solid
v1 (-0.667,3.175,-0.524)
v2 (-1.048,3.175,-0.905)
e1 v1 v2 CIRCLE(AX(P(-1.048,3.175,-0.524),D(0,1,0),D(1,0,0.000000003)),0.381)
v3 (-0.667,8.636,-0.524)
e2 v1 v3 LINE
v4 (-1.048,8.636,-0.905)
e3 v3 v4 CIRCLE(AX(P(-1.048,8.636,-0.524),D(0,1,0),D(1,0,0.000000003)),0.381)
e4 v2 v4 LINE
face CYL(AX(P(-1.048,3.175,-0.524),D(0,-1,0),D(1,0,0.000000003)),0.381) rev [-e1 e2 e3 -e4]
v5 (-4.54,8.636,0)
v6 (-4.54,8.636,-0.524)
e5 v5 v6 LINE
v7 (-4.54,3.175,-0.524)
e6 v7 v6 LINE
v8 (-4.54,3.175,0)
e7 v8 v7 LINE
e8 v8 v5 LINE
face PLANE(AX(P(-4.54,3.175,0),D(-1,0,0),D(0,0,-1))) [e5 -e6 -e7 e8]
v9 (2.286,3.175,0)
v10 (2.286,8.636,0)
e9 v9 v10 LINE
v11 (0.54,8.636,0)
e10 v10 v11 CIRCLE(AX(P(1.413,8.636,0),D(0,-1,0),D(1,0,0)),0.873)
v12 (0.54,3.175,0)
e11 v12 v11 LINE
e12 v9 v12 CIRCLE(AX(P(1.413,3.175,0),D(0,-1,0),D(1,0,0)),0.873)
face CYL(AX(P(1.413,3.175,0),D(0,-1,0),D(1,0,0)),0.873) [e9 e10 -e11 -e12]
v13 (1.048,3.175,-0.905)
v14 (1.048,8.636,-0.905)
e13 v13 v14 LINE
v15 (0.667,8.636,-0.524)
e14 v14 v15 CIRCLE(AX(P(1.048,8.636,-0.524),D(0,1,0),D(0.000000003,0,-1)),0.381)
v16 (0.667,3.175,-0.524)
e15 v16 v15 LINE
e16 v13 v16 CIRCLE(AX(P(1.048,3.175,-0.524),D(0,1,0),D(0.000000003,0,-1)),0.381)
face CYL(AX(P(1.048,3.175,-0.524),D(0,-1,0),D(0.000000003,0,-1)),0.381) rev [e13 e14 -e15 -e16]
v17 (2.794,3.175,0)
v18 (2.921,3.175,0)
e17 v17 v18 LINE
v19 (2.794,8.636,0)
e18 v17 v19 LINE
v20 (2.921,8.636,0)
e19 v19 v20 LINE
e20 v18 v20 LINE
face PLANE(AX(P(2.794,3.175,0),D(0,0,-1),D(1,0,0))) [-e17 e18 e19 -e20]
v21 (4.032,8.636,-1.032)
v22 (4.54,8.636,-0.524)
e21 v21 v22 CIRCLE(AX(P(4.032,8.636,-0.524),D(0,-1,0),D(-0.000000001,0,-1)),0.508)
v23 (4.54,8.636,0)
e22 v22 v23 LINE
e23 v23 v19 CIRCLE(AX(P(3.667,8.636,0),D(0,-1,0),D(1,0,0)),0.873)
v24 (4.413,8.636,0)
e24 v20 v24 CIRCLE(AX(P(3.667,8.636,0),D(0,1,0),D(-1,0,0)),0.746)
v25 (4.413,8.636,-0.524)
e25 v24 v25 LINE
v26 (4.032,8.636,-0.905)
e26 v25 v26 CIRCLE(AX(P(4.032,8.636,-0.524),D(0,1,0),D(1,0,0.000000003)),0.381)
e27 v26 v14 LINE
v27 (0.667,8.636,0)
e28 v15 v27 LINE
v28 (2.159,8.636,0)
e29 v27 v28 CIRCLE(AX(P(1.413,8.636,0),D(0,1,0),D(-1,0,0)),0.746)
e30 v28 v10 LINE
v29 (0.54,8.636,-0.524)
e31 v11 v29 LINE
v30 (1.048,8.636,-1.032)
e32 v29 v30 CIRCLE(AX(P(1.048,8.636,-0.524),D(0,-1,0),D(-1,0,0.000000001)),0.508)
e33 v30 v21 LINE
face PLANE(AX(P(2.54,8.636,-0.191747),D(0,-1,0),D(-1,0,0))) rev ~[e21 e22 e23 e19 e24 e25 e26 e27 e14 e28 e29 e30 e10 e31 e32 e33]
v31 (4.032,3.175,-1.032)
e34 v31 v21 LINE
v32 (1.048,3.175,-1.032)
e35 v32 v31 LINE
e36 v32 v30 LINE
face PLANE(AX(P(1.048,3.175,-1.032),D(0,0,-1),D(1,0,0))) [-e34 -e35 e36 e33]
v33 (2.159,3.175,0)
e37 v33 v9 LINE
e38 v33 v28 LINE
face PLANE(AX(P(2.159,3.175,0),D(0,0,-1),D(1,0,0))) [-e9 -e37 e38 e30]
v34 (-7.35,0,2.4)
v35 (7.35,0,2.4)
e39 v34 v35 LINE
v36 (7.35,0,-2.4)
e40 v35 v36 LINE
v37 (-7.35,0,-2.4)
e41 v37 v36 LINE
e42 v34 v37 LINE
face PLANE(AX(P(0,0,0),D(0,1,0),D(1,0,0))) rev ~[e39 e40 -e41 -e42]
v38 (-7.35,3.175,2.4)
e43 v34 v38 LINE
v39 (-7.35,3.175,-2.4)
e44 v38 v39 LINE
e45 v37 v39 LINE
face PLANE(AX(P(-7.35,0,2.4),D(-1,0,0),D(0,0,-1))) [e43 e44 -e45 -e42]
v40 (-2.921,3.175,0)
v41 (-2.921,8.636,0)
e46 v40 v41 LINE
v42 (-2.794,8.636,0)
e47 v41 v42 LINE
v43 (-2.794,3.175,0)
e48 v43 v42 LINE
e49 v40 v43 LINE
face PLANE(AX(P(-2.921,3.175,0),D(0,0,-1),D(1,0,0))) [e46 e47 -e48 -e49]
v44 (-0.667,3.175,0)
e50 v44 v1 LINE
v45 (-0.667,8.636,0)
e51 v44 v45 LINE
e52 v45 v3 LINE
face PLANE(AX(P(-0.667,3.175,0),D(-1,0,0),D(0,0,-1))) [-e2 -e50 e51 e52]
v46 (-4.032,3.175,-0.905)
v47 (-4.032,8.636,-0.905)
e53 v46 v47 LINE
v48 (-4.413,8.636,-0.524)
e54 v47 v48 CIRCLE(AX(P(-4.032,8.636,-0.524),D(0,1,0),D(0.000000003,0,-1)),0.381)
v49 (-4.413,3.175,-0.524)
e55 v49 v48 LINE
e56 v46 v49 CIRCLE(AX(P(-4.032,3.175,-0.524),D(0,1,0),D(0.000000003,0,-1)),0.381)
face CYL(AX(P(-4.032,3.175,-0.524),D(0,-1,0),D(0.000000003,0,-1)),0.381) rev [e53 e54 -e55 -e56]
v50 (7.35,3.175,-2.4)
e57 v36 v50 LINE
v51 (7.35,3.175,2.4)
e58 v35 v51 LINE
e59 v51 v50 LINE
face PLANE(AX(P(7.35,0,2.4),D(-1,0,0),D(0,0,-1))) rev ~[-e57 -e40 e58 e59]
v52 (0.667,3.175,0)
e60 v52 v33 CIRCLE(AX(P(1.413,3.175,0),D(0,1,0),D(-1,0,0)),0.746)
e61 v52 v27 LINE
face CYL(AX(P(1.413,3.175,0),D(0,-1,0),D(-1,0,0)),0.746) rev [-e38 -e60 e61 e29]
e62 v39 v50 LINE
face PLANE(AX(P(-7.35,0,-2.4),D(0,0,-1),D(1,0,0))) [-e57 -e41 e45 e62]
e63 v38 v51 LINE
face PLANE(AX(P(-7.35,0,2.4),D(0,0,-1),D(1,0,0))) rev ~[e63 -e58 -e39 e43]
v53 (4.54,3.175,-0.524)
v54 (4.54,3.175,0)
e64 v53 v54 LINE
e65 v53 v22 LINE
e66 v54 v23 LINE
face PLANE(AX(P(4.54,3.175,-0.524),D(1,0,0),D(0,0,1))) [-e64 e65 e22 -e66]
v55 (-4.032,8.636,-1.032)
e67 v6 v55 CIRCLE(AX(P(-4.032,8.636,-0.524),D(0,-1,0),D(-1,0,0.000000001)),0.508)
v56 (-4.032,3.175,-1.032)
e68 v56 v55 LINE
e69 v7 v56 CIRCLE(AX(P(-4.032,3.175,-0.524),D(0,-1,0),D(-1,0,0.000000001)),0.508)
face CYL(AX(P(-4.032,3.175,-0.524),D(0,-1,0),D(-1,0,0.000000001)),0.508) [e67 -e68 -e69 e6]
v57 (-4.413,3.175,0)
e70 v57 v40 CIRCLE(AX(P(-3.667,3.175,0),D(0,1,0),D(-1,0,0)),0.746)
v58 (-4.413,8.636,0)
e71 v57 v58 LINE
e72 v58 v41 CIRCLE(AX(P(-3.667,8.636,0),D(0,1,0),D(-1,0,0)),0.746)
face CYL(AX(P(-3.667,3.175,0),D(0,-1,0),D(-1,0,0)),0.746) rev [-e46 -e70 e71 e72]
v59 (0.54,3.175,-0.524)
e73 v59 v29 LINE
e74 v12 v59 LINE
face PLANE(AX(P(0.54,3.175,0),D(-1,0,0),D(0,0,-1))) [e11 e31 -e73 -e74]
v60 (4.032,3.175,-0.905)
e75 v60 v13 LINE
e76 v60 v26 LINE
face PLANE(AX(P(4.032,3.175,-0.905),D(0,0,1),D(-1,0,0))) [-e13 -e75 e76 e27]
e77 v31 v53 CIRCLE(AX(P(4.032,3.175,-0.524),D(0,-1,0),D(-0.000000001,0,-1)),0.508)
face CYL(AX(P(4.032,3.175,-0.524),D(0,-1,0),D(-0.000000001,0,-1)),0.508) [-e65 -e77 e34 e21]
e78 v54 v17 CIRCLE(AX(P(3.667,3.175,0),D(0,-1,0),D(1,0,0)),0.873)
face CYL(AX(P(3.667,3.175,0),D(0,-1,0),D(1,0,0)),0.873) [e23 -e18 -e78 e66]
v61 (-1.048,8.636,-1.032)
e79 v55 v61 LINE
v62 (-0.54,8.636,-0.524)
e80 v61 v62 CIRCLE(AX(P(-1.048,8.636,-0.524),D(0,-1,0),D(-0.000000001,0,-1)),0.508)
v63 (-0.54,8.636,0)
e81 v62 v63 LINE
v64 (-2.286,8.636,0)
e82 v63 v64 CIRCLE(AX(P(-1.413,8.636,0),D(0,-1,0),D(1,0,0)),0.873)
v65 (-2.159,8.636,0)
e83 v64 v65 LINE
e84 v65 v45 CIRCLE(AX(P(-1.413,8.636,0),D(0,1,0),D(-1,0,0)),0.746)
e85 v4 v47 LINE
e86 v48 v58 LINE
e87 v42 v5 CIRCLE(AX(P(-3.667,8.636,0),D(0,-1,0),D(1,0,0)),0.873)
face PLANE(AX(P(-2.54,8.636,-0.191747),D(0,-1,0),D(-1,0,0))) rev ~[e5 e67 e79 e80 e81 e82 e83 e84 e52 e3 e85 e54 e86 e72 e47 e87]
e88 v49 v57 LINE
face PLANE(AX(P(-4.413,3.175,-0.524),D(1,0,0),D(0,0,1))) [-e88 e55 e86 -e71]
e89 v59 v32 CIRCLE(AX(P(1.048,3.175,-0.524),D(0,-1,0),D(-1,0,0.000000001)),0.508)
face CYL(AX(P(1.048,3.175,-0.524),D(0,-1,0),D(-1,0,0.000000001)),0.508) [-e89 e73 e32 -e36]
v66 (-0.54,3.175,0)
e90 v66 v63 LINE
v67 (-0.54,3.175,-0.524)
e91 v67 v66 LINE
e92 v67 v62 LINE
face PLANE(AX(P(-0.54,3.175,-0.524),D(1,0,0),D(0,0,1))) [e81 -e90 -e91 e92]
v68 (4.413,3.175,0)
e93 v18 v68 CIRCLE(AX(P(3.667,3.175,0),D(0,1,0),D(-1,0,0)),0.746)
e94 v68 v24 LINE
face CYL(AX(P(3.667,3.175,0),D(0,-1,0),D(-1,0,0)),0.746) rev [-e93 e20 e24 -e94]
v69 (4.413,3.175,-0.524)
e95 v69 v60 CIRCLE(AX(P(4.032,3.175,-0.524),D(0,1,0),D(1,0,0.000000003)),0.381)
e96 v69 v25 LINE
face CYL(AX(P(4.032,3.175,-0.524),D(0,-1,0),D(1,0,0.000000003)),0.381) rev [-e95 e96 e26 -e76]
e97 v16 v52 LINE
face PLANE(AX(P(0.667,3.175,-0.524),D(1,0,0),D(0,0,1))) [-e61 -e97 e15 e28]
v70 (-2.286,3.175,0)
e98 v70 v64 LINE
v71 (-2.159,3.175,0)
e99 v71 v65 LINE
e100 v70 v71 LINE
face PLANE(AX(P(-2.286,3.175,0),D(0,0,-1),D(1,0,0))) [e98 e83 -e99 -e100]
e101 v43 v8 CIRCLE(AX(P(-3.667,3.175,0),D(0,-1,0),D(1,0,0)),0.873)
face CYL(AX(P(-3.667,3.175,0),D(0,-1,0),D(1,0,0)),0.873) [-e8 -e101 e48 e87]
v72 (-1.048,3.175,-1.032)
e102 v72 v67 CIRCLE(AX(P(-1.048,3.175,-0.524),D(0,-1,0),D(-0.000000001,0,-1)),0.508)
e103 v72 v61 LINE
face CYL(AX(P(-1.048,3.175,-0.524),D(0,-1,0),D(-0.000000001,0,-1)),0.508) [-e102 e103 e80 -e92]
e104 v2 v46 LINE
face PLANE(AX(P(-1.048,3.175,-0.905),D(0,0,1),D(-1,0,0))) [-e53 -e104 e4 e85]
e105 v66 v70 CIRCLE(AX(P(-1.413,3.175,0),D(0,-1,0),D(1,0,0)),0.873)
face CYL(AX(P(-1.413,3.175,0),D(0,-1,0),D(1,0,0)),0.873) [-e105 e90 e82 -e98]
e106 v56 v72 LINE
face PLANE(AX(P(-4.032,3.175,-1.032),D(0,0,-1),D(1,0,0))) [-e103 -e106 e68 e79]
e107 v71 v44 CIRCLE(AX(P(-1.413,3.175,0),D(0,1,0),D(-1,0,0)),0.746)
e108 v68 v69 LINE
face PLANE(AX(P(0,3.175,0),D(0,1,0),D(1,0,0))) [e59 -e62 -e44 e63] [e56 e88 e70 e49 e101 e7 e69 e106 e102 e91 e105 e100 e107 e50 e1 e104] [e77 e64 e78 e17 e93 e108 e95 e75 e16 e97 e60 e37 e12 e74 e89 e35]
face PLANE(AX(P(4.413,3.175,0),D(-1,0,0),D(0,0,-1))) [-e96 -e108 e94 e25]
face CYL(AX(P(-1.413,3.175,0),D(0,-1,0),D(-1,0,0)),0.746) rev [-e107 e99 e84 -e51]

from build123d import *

# Parameters (mm, degrees)
SKETCH1_W           = 14.7
SKETCH1_H           = 4.8
BOSS_EXTRUDE1_DEPTH = 3.175
BOSS_EXTRUDE2_DEPTH = 5.461


with BuildPart() as part:
    # Sketch1 → Boss-Extrude1 (new body)
    with BuildSketch(Plane(origin=(0, 0, 0), x_dir=(1, 0, 0), z_dir=(0, 1, 0))):
        Rectangle(SKETCH1_W, SKETCH1_H)
    extrude(amount=BOSS_EXTRUDE1_DEPTH)

    # Sketch2 → Boss-Extrude2 (add)
    with BuildSketch(Plane(origin=(0, 3.175, 0), x_dir=(1, 0, 0), z_dir=(0, 1, 0))):
        with BuildLine():
            Line((-4.032, 1.032), (-1.048, 1.032))
            ThreePointArc((-1.048, 1.032), (-0.688789755, 0.883210245), (-0.54, 0.524))
            Line((-0.54, 0.524), (-0.54, 0))
            ThreePointArc((-0.54, 0), (-1.413, -0.873), (-2.286, 0))
            Line((-2.286, 0), (-2.159, 0))
            ThreePointArc((-2.159, 0), (-1.413, -0.746), (-0.667, 0))
            Line((-0.667, 0), (-0.667, 0.524))
            ThreePointArc((-0.667, 0.524), (-0.778592316, 0.793407684), (-1.048, 0.905))
            Line((-1.048, 0.905), (-4.032, 0.905))
            ThreePointArc((-4.032, 0.905), (-4.301407684, 0.793407684), (-4.413, 0.524))
            Line((-4.413, 0.524), (-4.413, 0))
            ThreePointArc((-4.413, 0), (-3.667, -0.746), (-2.921, 0))
            Line((-2.921, 0), (-2.794, 0))
            ThreePointArc((-2.794, 0), (-3.667, -0.873), (-4.54, 0))
            Line((-4.54, 0), (-4.54, 0.524))
            ThreePointArc((-4.54, 0.524), (-4.391210245, 0.883210245), (-4.032, 1.032))
        make_face()
        with BuildLine():
            Line((4.54, 0.524), (4.54, 0))
            ThreePointArc((4.54, 0), (3.667, -0.873), (2.794, 0))
            Line((2.794, 0), (2.921, 0))
            ThreePointArc((2.921, 0), (3.667, -0.746), (4.413, 0))
            Line((4.413, 0), (4.413, 0.524))
            ThreePointArc((4.413, 0.524), (4.301407684, 0.793407684), (4.032, 0.905))
            Line((4.032, 0.905), (1.048, 0.905))
            ThreePointArc((1.048, 0.905), (0.778592316, 0.793407684), (0.667, 0.524))
            Line((0.667, 0.524), (0.667, 0))
            ThreePointArc((0.667, 0), (1.413, -0.746), (2.159, 0))
            Line((2.159, 0), (2.286, 0))
            ThreePointArc((2.286, 0), (1.413, -0.873), (0.54, 0))
            Line((0.54, 0), (0.54, 0.524))
            ThreePointArc((0.54, 0.524), (0.688789755, 0.883210245), (1.048, 1.032))
            Line((1.048, 1.032), (4.032, 1.032))
            ThreePointArc((4.032, 1.032), (4.391210245, 0.883210245), (4.54, 0.524))
        make_face()
    extrude(amount=BOSS_EXTRUDE2_DEPTH)


solid = part.part
